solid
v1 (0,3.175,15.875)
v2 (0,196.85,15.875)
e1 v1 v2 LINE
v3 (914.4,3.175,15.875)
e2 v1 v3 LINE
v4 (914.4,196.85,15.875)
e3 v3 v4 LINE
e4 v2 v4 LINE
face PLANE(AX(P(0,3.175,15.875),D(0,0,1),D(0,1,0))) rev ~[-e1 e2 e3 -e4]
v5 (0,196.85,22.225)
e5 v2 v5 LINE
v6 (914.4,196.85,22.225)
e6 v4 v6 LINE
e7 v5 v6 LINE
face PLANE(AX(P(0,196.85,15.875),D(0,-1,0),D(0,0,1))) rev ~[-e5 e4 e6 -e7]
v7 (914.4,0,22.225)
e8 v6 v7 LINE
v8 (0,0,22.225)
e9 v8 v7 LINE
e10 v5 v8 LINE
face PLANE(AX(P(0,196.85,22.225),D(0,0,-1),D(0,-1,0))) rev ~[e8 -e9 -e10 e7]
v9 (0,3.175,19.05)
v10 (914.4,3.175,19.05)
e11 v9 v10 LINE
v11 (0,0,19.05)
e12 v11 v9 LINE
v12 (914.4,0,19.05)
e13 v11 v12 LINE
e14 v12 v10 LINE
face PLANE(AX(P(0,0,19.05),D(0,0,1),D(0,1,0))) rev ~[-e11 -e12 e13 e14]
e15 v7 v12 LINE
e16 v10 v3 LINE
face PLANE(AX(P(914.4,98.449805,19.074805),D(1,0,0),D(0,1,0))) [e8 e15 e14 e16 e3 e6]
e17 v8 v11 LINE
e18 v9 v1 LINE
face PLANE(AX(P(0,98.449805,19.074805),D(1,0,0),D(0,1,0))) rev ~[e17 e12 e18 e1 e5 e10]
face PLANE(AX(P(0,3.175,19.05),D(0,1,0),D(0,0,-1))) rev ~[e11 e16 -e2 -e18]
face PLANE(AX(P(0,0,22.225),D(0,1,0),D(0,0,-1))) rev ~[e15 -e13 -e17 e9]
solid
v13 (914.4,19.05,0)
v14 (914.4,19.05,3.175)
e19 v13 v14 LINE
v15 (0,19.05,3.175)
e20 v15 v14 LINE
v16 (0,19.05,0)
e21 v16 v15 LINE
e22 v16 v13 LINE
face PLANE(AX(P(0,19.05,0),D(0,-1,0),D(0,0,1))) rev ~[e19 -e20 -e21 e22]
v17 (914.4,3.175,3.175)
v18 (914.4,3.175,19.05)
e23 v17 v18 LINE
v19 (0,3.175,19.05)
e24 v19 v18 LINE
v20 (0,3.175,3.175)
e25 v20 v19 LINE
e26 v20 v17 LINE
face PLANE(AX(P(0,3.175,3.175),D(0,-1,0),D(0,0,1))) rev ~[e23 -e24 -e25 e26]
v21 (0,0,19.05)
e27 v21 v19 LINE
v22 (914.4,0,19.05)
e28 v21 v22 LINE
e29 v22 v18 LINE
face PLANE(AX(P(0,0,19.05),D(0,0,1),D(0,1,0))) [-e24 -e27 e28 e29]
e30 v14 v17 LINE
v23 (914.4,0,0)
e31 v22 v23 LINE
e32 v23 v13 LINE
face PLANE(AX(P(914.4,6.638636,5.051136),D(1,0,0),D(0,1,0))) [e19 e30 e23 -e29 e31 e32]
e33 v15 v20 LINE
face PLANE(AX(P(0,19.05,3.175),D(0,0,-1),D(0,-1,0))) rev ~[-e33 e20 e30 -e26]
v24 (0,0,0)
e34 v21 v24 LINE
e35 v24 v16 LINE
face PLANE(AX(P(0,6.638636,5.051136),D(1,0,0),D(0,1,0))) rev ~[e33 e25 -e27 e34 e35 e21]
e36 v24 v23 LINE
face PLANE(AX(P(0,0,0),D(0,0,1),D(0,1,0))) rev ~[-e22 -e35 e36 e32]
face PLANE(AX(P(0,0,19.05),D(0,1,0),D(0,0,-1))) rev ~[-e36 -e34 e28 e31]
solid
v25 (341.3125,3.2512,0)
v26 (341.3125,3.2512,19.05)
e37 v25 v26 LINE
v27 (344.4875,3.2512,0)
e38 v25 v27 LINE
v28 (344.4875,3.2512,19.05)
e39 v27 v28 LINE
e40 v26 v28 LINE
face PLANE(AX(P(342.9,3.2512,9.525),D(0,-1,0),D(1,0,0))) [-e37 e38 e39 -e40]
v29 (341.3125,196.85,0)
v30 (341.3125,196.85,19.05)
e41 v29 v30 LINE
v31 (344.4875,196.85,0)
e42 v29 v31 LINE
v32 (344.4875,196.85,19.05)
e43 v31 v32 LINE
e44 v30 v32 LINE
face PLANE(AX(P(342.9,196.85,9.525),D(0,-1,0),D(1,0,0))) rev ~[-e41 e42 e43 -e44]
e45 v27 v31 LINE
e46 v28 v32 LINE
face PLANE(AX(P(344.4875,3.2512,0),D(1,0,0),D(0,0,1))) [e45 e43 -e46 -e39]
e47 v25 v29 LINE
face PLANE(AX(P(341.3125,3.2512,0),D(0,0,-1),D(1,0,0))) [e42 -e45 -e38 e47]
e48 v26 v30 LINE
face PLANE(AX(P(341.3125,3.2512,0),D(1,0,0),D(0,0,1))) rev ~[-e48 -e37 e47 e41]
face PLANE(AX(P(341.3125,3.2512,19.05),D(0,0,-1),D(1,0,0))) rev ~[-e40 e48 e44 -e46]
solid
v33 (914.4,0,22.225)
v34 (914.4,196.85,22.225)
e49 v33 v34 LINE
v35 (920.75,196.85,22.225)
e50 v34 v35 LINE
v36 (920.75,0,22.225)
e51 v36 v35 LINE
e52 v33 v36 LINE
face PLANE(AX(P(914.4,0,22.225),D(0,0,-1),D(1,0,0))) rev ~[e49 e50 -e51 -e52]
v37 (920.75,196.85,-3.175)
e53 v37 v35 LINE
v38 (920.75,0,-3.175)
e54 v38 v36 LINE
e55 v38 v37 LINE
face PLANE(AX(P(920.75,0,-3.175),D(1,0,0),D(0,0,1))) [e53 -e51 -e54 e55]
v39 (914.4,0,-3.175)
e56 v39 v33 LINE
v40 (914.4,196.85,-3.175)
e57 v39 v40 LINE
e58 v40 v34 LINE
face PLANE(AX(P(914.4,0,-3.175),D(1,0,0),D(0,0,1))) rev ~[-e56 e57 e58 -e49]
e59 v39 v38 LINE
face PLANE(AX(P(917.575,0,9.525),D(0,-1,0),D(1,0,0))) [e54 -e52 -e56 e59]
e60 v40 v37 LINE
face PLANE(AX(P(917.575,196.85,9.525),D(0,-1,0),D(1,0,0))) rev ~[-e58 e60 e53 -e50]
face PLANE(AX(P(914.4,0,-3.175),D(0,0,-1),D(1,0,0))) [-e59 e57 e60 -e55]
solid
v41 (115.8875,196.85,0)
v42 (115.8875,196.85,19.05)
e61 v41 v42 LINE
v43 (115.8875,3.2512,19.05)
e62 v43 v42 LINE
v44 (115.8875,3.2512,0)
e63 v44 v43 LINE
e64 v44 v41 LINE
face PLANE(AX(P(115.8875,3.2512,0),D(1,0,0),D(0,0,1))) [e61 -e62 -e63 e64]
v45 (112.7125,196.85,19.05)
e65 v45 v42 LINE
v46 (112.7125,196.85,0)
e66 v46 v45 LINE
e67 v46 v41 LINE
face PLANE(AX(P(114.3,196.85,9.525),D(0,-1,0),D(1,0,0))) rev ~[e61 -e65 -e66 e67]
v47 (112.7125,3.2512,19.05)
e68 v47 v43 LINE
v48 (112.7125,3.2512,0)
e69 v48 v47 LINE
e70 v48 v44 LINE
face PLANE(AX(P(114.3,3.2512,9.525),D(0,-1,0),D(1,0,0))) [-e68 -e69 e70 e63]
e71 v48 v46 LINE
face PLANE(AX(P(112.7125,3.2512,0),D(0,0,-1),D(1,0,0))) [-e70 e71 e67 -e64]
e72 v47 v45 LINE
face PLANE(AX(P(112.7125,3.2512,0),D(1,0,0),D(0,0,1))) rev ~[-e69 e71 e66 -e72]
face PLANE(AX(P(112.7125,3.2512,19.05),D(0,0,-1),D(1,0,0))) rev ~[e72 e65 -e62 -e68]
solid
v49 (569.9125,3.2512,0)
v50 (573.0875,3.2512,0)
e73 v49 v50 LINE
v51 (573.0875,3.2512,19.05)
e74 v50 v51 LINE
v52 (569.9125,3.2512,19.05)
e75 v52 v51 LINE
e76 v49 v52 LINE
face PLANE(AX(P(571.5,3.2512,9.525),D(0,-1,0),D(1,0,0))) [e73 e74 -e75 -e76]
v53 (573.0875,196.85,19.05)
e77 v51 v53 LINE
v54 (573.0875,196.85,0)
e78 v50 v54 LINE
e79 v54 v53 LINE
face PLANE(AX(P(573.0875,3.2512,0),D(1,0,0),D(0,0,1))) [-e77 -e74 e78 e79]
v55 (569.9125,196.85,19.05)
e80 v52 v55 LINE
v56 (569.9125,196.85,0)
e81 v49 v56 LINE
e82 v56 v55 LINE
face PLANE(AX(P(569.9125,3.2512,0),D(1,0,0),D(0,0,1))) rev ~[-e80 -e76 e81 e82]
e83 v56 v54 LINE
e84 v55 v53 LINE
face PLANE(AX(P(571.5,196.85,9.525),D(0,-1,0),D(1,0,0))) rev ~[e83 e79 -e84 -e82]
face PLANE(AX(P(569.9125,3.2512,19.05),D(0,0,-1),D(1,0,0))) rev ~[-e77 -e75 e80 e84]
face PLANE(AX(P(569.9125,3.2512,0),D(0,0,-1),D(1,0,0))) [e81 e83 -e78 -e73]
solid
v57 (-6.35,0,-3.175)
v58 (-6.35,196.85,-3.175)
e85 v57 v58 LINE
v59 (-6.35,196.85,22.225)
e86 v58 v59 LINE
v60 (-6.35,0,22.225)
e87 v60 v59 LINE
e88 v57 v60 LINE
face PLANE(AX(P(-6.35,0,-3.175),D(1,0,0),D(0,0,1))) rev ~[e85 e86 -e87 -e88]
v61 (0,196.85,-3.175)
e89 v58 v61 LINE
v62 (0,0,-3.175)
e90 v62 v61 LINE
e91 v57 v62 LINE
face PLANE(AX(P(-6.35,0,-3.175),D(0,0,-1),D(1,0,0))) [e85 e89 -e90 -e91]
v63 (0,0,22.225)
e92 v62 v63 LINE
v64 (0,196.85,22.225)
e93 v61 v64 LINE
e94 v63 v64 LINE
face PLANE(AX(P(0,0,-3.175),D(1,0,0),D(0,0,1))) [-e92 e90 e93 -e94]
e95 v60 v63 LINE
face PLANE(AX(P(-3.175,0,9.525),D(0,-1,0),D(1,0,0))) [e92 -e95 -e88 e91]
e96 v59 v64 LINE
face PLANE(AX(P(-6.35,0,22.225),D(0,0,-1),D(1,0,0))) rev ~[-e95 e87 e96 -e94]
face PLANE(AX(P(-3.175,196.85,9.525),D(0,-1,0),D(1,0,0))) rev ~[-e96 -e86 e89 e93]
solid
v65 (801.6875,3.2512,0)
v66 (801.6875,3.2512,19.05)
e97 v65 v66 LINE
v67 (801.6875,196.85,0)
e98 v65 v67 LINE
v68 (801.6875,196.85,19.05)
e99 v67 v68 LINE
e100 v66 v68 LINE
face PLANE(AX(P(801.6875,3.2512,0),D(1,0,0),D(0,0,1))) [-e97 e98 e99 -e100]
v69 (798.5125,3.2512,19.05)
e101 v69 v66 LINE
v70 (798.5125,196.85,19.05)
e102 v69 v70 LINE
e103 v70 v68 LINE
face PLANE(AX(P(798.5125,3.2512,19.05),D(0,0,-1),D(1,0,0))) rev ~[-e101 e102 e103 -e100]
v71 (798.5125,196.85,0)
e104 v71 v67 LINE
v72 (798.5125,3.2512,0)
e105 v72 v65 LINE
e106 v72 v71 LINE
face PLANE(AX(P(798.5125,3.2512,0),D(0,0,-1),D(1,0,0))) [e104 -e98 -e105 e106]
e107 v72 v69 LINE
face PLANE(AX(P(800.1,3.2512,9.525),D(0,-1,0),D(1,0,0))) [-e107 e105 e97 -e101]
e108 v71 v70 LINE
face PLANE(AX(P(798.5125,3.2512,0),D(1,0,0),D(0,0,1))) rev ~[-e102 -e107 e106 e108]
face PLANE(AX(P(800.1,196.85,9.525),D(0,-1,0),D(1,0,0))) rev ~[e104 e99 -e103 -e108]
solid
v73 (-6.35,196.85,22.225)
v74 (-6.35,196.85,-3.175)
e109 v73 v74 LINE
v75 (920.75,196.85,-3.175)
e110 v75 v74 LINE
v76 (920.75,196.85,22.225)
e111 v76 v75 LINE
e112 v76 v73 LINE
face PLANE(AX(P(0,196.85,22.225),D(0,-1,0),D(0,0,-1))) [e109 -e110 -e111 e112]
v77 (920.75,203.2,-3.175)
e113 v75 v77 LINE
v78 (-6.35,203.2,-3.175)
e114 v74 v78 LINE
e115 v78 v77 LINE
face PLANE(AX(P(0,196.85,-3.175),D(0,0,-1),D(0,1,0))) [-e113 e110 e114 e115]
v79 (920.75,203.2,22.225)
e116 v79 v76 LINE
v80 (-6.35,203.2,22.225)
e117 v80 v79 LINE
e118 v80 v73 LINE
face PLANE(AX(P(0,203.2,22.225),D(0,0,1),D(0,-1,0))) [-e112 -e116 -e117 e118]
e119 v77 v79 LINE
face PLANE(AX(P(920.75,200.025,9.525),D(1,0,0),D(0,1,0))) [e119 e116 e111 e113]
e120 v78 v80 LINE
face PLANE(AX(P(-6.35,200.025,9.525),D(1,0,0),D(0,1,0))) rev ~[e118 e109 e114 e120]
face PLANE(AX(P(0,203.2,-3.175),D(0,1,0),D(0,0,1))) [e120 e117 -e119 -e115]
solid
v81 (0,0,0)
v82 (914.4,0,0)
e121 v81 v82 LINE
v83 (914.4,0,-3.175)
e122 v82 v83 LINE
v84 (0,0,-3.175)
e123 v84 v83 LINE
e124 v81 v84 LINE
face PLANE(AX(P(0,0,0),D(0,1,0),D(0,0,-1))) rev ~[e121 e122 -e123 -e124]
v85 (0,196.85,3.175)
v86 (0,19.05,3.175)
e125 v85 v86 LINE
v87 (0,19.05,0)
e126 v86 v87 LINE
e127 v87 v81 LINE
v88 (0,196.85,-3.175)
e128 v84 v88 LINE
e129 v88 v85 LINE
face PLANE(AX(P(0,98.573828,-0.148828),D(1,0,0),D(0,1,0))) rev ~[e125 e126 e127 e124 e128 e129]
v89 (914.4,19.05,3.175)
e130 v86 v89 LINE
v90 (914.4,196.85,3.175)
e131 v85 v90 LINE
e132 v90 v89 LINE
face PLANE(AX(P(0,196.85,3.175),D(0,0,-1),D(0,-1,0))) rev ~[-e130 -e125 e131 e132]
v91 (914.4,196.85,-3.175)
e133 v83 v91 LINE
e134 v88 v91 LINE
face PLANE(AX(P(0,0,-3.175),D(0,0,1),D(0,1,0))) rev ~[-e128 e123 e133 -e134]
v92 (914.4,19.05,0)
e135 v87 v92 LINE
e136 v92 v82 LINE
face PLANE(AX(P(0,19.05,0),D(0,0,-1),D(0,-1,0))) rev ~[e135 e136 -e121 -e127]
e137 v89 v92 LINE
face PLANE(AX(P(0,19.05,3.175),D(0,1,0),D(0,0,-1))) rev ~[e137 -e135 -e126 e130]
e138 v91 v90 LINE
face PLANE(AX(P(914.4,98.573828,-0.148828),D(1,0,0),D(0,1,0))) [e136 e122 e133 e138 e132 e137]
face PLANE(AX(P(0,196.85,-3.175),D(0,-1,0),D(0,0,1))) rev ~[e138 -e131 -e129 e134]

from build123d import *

# Parameters (mm, degrees)
F0_W          = 3.175
F0_H          = 3.175
F1_DEPTH      = 914.4
F2_DEPTH      = 914.4
F3_DEPTH      = 920.75
F3_DEPTH_BACK = 6.35
F4_W          = 6.35
F4_H          = 25.4
F5_DEPTH      = 196.85
F7_W          = 3.175
F7_H          = 19.05
F8_DEPTH      = 193.5988


with BuildPart() as f1:
    # F0 (on Right) → F1 (new body)
    with BuildSketch(Plane.YZ):
        Polygon((0, 15.875), (0, 0), (19.05, 0), (19.05, 3.175), (3.175, 3.175), (3.175, 15.875), align=None)
        with Locations((1.5875, 17.4625)):
            Rectangle(F0_W, F0_H)
    extrude(amount=F1_DEPTH)


with BuildPart() as f2:
    # F0 (on Right) → F2 (new body)
    with BuildSketch(Plane.YZ):
        Polygon((0, 22.225), (0, 19.05), (3.175, 19.05), (3.175, 15.875), (196.85, 15.875), (196.85, 22.225), align=None)
        Polygon((19.05, 0), (0, 0), (0, -3.175), (196.85, -3.175), (196.85, 3.175), (19.05, 3.175), align=None)
    extrude(amount=F2_DEPTH)


with BuildPart() as f3:
    # F0 (on Right) → F3 (new body, two sides)
    with BuildSketch(Plane.YZ) as f3_sk:
        Polygon((196.85, 3.175), (196.85, -3.175), (203.2, -3.175), (203.2, 22.225), (196.85, 22.225), (196.85, 15.875), align=None)
    extrude(amount=F3_DEPTH)
    extrude(f3_sk.sketch, amount=-F3_DEPTH_BACK)


with BuildPart() as f5:
    # F4 (on Front) → F5 (new body, through all)
    with BuildSketch(Plane.XZ):
        with Locations((917.575, 9.525)):
            Rectangle(F4_W, F4_H)
        with Locations((-3.175, 9.525)):
            Rectangle(F4_W, F4_H)
    extrude(amount=-F5_DEPTH)


with BuildPart() as f8:
    # F7 (on offset) → F8 (new body)
    with BuildSketch(Plane.XZ.offset(-3.2512)):
        with Locations((114.3, 9.525)):
            Rectangle(F7_W, F7_H)
        with Locations((342.9, 9.525)):
            Rectangle(F7_W, F7_H)
        with Locations((571.5, 9.525)):
            Rectangle(F7_W, F7_H)
        with Locations((800.1, 9.525)):
            Rectangle(F7_W, F7_H)
    extrude(amount=-F8_DEPTH)


solid = Compound([f1.part, f2.part, f3.part, f5.part, f8.part])
